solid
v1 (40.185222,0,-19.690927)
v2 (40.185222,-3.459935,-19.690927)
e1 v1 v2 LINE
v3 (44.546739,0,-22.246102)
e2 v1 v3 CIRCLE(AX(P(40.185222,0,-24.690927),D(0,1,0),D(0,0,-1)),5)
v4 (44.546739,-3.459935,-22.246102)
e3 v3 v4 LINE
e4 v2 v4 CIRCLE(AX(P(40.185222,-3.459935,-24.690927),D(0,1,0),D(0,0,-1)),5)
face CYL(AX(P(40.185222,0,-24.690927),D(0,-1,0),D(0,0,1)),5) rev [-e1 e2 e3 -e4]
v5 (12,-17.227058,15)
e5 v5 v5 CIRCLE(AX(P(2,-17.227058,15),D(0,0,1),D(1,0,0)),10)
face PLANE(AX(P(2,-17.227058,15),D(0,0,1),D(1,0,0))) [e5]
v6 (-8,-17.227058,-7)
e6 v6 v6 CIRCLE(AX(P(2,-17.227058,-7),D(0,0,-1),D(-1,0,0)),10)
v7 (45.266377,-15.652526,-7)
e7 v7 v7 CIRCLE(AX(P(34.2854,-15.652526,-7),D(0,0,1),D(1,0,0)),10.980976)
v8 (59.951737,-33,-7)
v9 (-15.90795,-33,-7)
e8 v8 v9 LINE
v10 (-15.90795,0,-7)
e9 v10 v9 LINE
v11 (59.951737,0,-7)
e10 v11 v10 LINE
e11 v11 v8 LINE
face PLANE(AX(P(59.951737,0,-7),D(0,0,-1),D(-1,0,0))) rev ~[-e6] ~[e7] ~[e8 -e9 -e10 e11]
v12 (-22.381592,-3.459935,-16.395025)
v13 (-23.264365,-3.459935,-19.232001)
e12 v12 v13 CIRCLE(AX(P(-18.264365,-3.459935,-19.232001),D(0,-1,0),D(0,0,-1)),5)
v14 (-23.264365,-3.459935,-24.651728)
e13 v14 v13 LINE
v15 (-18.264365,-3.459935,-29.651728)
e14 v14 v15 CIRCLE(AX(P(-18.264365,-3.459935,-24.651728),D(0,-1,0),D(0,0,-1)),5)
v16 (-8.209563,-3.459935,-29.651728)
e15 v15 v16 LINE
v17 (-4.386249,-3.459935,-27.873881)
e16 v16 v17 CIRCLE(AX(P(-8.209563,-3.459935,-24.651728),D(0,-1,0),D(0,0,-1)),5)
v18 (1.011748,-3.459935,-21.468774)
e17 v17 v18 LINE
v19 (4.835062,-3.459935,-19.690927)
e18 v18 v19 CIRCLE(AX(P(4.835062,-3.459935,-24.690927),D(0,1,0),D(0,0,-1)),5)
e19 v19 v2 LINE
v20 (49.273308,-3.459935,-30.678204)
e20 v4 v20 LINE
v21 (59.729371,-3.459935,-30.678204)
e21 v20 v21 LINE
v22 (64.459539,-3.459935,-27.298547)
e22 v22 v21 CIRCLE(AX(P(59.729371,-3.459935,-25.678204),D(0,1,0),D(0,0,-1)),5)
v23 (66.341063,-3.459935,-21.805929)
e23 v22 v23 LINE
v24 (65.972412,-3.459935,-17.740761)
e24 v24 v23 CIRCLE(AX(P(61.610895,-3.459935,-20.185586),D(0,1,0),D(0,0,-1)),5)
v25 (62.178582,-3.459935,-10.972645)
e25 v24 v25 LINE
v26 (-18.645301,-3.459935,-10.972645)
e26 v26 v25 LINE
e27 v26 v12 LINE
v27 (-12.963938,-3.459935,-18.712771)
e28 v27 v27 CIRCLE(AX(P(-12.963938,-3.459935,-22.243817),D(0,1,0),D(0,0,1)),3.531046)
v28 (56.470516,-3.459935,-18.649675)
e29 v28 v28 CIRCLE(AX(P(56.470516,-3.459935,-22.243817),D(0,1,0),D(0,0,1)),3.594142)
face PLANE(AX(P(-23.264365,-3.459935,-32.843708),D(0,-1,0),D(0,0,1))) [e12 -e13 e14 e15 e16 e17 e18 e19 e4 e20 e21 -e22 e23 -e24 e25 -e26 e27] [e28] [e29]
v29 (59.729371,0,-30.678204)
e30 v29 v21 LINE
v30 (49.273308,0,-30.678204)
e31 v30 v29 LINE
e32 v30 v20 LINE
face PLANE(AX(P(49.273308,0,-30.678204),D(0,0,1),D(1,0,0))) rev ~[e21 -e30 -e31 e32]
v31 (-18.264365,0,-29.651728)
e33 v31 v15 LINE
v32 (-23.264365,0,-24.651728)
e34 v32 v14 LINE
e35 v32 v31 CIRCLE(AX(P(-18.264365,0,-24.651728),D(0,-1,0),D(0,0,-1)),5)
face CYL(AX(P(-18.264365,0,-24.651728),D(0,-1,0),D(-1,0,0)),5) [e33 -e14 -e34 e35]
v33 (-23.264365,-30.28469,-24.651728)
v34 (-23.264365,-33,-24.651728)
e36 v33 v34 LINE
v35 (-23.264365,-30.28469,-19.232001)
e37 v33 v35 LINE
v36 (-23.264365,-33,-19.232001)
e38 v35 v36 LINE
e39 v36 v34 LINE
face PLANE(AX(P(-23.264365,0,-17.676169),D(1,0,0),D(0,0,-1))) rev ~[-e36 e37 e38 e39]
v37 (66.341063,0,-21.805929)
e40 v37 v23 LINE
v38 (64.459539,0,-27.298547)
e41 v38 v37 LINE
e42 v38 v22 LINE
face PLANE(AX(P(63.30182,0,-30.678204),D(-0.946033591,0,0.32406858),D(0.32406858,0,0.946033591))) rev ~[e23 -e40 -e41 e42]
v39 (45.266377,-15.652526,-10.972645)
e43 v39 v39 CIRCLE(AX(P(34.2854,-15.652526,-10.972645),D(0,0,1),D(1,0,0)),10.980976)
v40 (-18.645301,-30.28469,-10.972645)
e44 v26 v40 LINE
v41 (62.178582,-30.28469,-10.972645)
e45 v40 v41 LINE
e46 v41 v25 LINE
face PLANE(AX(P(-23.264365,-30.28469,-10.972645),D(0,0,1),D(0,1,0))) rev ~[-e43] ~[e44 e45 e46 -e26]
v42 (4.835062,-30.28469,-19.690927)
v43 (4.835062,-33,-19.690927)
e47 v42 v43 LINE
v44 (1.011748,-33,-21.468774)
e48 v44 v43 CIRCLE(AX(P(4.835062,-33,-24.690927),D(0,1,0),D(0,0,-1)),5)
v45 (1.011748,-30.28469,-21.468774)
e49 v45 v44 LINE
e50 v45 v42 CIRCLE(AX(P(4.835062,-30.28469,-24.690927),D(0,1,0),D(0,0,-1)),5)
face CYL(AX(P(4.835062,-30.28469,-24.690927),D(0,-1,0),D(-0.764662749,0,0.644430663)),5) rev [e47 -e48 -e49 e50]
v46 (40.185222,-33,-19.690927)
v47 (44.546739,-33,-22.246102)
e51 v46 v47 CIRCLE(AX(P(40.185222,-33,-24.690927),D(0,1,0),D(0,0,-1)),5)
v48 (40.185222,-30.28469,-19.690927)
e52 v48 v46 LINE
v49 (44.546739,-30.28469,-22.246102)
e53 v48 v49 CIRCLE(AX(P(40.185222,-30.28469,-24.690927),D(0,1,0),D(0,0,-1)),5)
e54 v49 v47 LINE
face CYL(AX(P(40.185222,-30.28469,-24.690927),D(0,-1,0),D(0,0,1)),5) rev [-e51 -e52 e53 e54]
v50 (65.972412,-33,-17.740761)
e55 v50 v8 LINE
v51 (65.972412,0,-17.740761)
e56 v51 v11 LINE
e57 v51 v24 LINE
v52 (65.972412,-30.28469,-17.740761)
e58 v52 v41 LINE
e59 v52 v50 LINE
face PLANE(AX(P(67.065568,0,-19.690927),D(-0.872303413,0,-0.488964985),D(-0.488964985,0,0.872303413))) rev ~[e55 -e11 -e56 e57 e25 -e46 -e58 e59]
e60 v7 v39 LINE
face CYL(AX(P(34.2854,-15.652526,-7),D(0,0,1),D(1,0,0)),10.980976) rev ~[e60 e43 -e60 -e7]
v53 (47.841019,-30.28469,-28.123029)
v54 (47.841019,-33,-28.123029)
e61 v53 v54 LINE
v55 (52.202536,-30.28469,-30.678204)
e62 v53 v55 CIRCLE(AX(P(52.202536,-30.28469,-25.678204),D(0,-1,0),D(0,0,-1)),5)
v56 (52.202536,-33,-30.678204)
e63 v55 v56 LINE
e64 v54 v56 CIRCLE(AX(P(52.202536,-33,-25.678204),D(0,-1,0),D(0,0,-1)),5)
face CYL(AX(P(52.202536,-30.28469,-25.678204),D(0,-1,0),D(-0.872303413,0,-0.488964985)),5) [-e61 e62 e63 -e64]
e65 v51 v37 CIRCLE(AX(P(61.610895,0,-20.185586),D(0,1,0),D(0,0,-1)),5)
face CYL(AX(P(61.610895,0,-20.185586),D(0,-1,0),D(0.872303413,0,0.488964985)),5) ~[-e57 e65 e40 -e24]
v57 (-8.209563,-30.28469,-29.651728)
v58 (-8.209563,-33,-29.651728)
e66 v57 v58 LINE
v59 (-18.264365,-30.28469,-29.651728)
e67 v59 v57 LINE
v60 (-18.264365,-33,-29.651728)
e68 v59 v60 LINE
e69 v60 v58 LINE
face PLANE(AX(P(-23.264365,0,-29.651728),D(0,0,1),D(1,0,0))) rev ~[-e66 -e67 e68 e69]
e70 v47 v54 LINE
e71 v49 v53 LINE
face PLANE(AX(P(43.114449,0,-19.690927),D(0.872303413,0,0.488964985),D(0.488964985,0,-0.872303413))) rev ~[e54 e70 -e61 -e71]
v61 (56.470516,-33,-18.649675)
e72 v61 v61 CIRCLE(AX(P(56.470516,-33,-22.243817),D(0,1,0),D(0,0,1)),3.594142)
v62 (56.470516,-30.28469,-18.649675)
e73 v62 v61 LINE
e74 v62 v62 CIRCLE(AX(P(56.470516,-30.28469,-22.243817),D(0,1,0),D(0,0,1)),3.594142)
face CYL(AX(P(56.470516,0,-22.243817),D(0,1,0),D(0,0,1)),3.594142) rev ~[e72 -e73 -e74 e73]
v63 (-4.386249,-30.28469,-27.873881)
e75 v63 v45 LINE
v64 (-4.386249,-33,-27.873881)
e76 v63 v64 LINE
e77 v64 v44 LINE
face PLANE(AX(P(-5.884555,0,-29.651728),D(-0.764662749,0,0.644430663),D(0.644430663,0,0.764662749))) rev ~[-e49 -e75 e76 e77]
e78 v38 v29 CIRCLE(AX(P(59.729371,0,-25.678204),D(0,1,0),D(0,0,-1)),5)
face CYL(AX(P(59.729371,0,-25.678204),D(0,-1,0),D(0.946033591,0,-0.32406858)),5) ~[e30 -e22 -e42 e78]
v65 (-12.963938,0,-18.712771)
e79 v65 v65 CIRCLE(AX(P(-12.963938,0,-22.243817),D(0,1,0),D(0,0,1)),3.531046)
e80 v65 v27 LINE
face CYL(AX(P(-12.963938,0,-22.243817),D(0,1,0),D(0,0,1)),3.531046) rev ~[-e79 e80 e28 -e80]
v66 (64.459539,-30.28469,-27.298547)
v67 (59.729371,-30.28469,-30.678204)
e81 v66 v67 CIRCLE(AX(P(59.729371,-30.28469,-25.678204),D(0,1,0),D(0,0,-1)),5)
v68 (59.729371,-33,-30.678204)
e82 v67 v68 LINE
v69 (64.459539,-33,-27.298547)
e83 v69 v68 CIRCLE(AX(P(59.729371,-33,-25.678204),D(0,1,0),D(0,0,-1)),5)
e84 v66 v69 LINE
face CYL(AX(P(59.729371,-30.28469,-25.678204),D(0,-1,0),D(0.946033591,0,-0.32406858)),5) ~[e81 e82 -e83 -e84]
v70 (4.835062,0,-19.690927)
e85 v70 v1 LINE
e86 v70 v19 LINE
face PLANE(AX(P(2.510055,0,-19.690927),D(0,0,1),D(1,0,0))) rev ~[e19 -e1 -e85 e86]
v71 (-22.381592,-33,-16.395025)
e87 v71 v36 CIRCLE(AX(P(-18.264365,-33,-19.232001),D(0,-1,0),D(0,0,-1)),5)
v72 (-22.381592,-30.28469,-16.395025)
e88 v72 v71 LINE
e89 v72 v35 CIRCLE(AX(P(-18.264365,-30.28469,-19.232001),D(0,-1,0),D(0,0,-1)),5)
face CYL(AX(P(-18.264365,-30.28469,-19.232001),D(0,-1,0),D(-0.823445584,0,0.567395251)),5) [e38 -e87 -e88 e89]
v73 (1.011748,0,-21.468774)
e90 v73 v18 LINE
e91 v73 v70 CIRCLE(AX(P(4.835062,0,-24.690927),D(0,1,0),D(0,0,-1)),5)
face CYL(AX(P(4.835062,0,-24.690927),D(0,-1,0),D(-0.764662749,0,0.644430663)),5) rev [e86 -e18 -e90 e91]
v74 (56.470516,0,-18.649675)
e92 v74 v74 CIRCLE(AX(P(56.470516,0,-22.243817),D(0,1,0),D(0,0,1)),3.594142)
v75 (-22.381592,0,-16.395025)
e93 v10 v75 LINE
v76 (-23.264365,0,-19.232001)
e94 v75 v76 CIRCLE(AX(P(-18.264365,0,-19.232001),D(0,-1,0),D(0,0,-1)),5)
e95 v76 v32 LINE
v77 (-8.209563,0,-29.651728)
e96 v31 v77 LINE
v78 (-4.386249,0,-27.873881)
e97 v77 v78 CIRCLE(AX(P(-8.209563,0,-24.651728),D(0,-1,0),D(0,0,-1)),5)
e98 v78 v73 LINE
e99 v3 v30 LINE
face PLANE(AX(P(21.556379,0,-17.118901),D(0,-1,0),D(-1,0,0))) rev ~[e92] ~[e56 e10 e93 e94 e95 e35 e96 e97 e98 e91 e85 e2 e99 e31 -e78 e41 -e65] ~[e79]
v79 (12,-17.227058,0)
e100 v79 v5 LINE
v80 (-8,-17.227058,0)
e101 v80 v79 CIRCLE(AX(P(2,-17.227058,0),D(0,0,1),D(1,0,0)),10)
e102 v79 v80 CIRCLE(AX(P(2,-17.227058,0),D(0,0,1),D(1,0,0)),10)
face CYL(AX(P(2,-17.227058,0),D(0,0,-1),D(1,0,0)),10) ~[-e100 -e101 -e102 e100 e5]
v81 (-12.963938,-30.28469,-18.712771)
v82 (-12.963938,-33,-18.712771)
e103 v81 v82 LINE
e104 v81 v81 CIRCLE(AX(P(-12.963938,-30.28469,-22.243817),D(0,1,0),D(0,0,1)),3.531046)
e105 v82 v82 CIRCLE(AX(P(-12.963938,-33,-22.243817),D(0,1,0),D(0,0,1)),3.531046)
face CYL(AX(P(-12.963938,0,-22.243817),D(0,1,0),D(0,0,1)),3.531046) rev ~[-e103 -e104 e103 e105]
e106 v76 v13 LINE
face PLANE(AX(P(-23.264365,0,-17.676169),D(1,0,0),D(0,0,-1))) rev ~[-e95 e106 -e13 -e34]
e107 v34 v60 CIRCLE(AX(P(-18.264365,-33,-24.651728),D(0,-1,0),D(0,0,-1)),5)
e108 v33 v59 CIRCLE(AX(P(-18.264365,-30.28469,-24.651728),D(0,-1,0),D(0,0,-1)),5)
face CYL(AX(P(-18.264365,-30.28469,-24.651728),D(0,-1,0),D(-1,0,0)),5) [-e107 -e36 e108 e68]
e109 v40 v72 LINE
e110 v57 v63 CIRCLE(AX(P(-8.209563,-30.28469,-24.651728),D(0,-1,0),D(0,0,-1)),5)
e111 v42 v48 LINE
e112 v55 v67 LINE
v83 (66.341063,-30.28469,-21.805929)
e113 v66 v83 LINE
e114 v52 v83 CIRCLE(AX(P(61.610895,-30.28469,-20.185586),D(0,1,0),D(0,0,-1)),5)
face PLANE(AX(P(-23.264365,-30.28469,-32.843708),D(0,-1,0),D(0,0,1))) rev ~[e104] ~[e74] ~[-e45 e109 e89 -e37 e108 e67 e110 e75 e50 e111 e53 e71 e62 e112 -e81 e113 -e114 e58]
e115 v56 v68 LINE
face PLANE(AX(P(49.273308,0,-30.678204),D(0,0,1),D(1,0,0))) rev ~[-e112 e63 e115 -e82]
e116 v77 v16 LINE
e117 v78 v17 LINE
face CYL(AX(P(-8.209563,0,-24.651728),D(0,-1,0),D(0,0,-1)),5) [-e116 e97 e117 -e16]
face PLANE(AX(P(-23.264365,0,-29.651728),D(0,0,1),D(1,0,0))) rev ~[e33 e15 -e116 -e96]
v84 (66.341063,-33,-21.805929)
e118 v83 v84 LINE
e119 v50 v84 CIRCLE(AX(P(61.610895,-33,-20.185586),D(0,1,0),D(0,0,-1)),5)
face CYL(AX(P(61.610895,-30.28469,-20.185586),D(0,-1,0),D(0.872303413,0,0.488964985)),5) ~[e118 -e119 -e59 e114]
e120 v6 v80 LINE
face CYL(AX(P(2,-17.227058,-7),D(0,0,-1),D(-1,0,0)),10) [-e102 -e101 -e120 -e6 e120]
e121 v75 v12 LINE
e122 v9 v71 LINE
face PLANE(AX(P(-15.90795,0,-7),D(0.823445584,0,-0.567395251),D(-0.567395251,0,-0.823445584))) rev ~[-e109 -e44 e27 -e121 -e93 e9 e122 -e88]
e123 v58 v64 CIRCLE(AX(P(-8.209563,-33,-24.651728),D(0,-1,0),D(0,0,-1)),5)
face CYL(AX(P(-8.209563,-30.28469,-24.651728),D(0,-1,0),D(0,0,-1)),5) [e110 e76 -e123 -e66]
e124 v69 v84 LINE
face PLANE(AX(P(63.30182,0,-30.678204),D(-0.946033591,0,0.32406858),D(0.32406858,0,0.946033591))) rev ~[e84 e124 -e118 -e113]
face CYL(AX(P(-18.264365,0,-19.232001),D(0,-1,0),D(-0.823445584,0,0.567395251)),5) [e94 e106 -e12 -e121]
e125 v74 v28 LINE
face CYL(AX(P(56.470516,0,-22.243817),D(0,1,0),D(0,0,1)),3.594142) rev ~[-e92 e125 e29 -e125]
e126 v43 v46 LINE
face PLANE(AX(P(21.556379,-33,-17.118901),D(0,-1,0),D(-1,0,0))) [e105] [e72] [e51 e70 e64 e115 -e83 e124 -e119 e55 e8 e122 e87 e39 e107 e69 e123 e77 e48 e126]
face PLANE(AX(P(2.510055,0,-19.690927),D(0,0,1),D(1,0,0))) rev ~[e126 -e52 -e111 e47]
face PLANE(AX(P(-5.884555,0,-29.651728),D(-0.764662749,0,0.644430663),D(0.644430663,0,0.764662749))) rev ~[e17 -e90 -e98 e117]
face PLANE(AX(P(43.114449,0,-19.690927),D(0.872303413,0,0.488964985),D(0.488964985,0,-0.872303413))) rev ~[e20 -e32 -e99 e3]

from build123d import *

# Parameters (mm, degrees)
SKETCH1_R          = 10
EXTRUDE1_DEPTH     = 15
EXTRUDE2_START     = 7
SKETCH2_R          = 10
EXTRUDE2_DEPTH     = 7
EXTRUDE5_DEPTH     = 33
SKETCH6_W          = 21.871062772
SKETCH6_H          = 26.824754441
CUT_EXTRUDE1_DEPTH = 101.943790616
SKETCH7_R          = 3.531045805
SKETCH7_R_2        = 3.594142414
CUT_EXTRUDE2_DEPTH = 81.795684194
FILLET6_R          = 5
SKETCH8_R          = 10.980976462
CUT_EXTRUDE3_DEPTH = 79.017105375


with BuildPart() as part:
    # Sketch1 → Extrude1 (new body)
    with BuildSketch(Plane.XY):
        with Locations((2, -17.227058485)):
            Circle(SKETCH1_R)
    extrude(amount=EXTRUDE1_DEPTH)

    # Sketch2 → Extrude2 (add)
    with BuildSketch(Plane(origin=(0, 0, 0), x_dir=(-1, 0, 0), z_dir=(0, 0, -1)).offset(EXTRUDE2_START)):
        with Locations((-2, -17.227058485)):
            Circle(SKETCH2_R)
    extrude(amount=-EXTRUDE2_DEPTH)

    # Sketch5 → Extrude5 (add)
    with BuildSketch(Plane(origin=(0, 0, 0), x_dir=(1, 0, 0), z_dir=(0, 1, 0))):
        Polygon((-15.907949581, 7), (-23.26436451, 17.67616864), (-23.26436451, 29.651727827), (-5.884555097, 29.651727827), (2.510054524, 19.69092733), (43.11444927, 19.69092733), (49.273308281, 30.678204329), (63.301820472, 30.678204329), (67.065567645, 19.69092733), (59.951736606, 7), align=None)
    extrude(amount=-EXTRUDE5_DEPTH)

    # Sketch6 → Cut-Extrude1 (cut, through all)
    with BuildSketch(Plane.ZY.offset(23.26436451)):
        with Locations((-21.908176834, -16.872312291)):
            Rectangle(SKETCH6_W, SKETCH6_H)
    extrude(amount=-CUT_EXTRUDE1_DEPTH, mode=Mode.SUBTRACT)

    # Sketch7 → Cut-Extrude2 (cut, through all)
    with BuildSketch(Plane(origin=(0, 0, 0), x_dir=(-1, 0, 0), z_dir=(0, 1, 0))):
        with Locations((12.963937966, -22.243817104)):
            Circle(SKETCH7_R)
        with Locations((-56.470516278, -22.243817104)):
            Circle(SKETCH7_R_2)
    extrude(amount=-CUT_EXTRUDE2_DEPTH, mode=Mode.SUBTRACT)

    # Fillet6
    fillet6_edges = [part.edges().sort_by_distance(p)[0] for p in [
        (67.065567645, -31.642344755, -19.69092733),
        (67.065567645, -1.729967535, -19.69092733),
        (63.301820472, -1.729967535, -30.678204329),
        (63.301820472, -31.642344755, -30.678204329),
        (49.273308281, -31.642344755, -30.678204329),
        (43.11444927, -31.642344755, -19.69092733),
        (43.11444927, -1.729967535, -19.69092733),
        (2.510054524, -31.642344755, -19.69092733),
        (2.510054524, -1.729967535, -19.69092733),
        (-5.884555097, -1.729967535, -29.651727827),
        (-5.884555097, -31.642344755, -29.651727827),
        (-23.26436451, -31.642344755, -17.67616864),
        (-23.26436451, -1.729967535, -17.67616864),
        (-23.26436451, -1.729967535, -29.651727827),
        (-23.26436451, -31.642344755, -29.651727827),
    ]]
    fillet(fillet6_edges, radius=FILLET6_R)

    # Sketch8 → Cut-Extrude3 (cut, through all)
    with BuildSketch(Plane.XY.offset(-7)):
        with Locations((34.285400433, -15.652526202)):
            Circle(SKETCH8_R)
    extrude(amount=-CUT_EXTRUDE3_DEPTH, mode=Mode.SUBTRACT)


solid = part.part
